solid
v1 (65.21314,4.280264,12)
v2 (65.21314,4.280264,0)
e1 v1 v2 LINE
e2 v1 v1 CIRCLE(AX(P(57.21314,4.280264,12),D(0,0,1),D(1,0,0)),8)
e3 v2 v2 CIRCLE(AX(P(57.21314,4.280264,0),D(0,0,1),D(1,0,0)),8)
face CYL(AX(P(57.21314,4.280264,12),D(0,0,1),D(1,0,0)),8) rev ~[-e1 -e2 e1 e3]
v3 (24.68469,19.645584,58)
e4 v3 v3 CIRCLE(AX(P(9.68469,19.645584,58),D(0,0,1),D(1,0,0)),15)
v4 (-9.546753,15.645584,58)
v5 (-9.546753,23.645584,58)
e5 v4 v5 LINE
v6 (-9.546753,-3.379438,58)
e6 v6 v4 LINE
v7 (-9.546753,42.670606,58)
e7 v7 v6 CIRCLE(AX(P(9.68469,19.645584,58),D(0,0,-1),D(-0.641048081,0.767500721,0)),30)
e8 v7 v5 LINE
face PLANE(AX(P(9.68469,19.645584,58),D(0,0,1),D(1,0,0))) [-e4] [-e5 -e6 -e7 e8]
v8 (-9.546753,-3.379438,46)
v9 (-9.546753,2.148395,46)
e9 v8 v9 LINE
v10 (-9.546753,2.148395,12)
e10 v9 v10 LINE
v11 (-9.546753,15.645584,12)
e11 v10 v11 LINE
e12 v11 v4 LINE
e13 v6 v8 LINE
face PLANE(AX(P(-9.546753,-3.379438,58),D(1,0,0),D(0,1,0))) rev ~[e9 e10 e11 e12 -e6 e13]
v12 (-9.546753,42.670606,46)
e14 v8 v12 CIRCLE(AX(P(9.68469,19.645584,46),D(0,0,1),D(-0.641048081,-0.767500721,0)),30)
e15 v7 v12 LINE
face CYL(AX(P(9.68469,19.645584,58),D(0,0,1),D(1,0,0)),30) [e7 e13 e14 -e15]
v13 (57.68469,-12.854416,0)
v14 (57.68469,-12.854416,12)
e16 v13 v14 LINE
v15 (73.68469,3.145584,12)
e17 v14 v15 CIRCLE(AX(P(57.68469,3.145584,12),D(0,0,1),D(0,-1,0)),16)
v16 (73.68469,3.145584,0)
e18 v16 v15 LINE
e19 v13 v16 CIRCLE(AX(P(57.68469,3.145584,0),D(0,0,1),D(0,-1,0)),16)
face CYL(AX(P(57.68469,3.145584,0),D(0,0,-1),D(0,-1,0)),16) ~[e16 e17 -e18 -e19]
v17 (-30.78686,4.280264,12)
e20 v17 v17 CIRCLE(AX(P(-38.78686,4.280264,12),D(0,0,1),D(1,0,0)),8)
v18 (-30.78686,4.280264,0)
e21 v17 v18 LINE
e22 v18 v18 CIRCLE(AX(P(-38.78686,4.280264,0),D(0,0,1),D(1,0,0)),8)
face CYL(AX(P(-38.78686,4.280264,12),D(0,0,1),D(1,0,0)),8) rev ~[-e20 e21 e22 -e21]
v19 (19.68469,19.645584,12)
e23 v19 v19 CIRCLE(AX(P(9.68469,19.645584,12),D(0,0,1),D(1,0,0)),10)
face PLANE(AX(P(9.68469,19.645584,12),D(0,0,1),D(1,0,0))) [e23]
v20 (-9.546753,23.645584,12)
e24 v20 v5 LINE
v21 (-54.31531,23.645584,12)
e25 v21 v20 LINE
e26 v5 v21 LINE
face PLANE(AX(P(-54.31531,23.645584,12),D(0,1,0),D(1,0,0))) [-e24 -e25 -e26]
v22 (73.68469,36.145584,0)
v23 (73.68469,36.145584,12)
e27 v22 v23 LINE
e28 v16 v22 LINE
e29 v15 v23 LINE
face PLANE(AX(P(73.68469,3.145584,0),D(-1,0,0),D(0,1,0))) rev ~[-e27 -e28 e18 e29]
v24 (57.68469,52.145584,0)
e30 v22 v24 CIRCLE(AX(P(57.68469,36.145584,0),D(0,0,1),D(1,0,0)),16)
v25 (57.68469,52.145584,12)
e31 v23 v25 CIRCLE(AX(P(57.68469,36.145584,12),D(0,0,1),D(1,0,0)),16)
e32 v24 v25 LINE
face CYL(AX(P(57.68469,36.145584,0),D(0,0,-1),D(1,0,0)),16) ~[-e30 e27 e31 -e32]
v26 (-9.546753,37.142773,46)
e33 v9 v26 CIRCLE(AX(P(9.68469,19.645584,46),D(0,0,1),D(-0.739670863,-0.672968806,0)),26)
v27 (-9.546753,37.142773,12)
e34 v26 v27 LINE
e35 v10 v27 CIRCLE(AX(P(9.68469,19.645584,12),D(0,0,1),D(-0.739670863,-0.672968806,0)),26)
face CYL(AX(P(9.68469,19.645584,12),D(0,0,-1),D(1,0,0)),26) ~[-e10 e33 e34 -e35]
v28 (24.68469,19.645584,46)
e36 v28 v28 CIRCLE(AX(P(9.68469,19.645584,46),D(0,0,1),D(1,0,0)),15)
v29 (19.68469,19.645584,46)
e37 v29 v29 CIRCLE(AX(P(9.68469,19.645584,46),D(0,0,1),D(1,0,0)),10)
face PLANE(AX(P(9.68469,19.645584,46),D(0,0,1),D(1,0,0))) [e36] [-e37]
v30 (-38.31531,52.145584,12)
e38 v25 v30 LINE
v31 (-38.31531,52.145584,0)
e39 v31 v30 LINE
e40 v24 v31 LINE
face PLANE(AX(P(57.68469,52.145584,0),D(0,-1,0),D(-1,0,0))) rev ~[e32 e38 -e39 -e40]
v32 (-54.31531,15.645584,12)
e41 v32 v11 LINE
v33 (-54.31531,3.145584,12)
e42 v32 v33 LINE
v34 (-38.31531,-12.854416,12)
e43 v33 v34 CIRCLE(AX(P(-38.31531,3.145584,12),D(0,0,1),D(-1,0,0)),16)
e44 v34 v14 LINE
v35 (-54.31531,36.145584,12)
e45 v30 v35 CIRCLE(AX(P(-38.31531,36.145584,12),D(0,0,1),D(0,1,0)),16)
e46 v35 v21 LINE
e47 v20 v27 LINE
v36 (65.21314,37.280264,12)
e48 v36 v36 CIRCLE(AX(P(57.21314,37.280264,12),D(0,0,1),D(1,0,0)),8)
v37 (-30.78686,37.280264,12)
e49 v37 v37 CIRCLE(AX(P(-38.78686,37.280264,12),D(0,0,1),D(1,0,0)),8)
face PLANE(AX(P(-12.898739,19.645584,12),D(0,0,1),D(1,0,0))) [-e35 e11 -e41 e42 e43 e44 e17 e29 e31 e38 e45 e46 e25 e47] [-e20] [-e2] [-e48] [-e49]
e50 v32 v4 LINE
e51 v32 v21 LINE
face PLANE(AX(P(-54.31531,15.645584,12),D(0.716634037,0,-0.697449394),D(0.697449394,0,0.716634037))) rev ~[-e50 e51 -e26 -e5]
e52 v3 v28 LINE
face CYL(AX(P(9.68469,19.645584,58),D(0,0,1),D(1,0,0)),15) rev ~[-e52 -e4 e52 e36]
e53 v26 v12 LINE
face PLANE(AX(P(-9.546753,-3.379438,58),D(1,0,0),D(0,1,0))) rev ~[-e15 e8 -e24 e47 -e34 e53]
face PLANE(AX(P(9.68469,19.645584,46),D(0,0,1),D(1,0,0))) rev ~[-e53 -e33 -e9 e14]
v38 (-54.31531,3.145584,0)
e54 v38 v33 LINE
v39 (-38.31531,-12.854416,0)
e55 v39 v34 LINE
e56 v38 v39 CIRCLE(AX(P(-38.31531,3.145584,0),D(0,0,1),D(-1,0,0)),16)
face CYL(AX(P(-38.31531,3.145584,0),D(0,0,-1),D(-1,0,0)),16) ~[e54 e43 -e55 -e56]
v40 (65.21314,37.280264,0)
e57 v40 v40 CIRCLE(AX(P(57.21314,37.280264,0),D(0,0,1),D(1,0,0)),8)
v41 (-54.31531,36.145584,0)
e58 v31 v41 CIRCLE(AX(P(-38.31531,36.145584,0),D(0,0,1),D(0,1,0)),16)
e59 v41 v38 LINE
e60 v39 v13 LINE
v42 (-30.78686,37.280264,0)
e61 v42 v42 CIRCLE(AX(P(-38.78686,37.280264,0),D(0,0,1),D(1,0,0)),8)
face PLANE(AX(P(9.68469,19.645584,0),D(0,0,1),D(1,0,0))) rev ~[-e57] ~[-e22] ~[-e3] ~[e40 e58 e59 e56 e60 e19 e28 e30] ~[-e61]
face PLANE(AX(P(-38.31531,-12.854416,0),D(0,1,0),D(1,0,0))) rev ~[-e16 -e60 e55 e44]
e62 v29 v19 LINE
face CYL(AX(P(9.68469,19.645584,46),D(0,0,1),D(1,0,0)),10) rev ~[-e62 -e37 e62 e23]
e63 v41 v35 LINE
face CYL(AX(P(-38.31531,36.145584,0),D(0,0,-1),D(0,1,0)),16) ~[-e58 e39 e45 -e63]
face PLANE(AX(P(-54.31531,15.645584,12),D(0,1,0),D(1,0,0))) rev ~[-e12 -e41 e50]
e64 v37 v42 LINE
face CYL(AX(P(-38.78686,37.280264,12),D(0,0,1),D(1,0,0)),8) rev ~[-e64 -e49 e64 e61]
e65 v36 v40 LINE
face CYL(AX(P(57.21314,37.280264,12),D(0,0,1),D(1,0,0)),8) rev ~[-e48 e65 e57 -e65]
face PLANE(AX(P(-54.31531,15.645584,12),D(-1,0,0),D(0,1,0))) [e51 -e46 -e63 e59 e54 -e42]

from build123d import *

# Parameters (mm, degrees)
F1_DEPTH  = 12
F2_R      = 8
F3_DEPTH  = 12
F4_R      = 26
F5_DEPTH  = 46
F6_R      = 15
F7_DEPTH  = 12
F8_R      = 10
F9_DEPTH  = 34
F10_R     = 30
F10_R_2   = 26
F11_DEPTH = 12
F13_DEPTH = 46
F14_W     = 44.7685575615
F14_H     = 8
F15_DEPTH = 46
F17_DEPTH = 25


with BuildPart() as f1:
    # F0 (on Top) → F1 (new body)
    with BuildSketch(Plane.XY):
        with BuildLine():
            ThreePointArc((-54.3153104275, 3.1455838755), (-49.6290189265, -8.1681246235), (-38.3153104275, -12.8544161245))
            Line((-38.3153104275, -12.8544161245), (57.6846895725, -12.8544161245))
            ThreePointArc((57.6846895725, -12.8544161245), (68.9983980715, -8.1681246235), (73.6846895725, 3.1455838755))
            Line((73.6846895725, 3.1455838755), (73.6846895725, 36.1455838755))
            ThreePointArc((73.6846895725, 36.1455838755), (68.9983980715, 47.4592923745), (57.6846895725, 52.1455838755))
            Line((57.6846895725, 52.1455838755), (-38.3153104275, 52.1455838755))
            ThreePointArc((-38.3153104275, 52.1455838755), (-49.6290189265, 47.4592923745), (-54.3153104275, 36.1455838755))
            Line((-54.3153104275, 36.1455838755), (-54.3153104275, 3.1455838755))
        make_face()
    extrude(amount=F1_DEPTH)

    # F2 (on face) → F3 (cut)
    with BuildSketch(Plane.XY.offset(12)):
        with Locations((-38.7868596536, 37.2802639987)):
            Circle(F2_R)
        with Locations((-38.7868596536, 4.2802639987)):
            Circle(F2_R)
        with Locations((57.2131403464, 4.2802639987)):
            Circle(F2_R)
        with Locations((57.2131403464, 37.2802639987)):
            Circle(F2_R)
    extrude(amount=-F3_DEPTH, mode=Mode.SUBTRACT)

    # F4 (on face) → F5 (join)
    with BuildSketch(Plane.XY.offset(12)):
        with Locations((9.6846895725, 19.6455838755)):
            Circle(F4_R)
    extrude(amount=F5_DEPTH)

    # F6 (on face) → F7 (cut)
    with BuildSketch(Plane.XY.offset(58)):
        with Locations((9.6846895725, 19.6455838755)):
            Circle(F6_R)
    extrude(amount=-F7_DEPTH, mode=Mode.SUBTRACT)

    # F8 (on face) → F9 (cut)
    with BuildSketch(Plane.XY.offset(46)):
        with Locations((9.6846895725, 19.6455838755)):
            Circle(F8_R)
    extrude(amount=-F9_DEPTH, mode=Mode.SUBTRACT)

    # F10 (on face) → F11 (join)
    with BuildSketch(Plane.XY.offset(58)):
        with Locations((9.6846895725, 19.6455838755)):
            Circle(F10_R)
        with Locations((9.6846895725, 19.6455838755)):
            Circle(F10_R_2, mode=Mode.SUBTRACT)
    extrude(amount=-F11_DEPTH)

    # F12 (on face) → F13 (cut)
    with BuildSketch(Plane.XY.offset(58)):
        with BuildLine():
            Line((-9.546752866, -3.3794377691), (-9.546752866, 42.6706055201))
            ThreePointArc((-9.546752866, 42.6706055201), (-20.3153104275, 19.6455838755), (-9.546752866, -3.3794377691))
        make_face()
    extrude(amount=-F13_DEPTH, mode=Mode.SUBTRACT)

    # F14 (on face) → F15 (join)
    with BuildSketch(Plane.XY.offset(12)):
        with Locations((-31.9310316467, 19.6455838755)):
            Rectangle(F14_W, F14_H)
    extrude(amount=F15_DEPTH)

    # F16 (on face) → F17 (cut)
    with BuildSketch(Plane.XZ.offset(-15.6455838755)):
        Polygon((-54.3153104275, 12), (-9.546752866, 58), (-54.3153104275, 58), align=None)
    extrude(amount=-F17_DEPTH, mode=Mode.SUBTRACT)


solid = f1.part
